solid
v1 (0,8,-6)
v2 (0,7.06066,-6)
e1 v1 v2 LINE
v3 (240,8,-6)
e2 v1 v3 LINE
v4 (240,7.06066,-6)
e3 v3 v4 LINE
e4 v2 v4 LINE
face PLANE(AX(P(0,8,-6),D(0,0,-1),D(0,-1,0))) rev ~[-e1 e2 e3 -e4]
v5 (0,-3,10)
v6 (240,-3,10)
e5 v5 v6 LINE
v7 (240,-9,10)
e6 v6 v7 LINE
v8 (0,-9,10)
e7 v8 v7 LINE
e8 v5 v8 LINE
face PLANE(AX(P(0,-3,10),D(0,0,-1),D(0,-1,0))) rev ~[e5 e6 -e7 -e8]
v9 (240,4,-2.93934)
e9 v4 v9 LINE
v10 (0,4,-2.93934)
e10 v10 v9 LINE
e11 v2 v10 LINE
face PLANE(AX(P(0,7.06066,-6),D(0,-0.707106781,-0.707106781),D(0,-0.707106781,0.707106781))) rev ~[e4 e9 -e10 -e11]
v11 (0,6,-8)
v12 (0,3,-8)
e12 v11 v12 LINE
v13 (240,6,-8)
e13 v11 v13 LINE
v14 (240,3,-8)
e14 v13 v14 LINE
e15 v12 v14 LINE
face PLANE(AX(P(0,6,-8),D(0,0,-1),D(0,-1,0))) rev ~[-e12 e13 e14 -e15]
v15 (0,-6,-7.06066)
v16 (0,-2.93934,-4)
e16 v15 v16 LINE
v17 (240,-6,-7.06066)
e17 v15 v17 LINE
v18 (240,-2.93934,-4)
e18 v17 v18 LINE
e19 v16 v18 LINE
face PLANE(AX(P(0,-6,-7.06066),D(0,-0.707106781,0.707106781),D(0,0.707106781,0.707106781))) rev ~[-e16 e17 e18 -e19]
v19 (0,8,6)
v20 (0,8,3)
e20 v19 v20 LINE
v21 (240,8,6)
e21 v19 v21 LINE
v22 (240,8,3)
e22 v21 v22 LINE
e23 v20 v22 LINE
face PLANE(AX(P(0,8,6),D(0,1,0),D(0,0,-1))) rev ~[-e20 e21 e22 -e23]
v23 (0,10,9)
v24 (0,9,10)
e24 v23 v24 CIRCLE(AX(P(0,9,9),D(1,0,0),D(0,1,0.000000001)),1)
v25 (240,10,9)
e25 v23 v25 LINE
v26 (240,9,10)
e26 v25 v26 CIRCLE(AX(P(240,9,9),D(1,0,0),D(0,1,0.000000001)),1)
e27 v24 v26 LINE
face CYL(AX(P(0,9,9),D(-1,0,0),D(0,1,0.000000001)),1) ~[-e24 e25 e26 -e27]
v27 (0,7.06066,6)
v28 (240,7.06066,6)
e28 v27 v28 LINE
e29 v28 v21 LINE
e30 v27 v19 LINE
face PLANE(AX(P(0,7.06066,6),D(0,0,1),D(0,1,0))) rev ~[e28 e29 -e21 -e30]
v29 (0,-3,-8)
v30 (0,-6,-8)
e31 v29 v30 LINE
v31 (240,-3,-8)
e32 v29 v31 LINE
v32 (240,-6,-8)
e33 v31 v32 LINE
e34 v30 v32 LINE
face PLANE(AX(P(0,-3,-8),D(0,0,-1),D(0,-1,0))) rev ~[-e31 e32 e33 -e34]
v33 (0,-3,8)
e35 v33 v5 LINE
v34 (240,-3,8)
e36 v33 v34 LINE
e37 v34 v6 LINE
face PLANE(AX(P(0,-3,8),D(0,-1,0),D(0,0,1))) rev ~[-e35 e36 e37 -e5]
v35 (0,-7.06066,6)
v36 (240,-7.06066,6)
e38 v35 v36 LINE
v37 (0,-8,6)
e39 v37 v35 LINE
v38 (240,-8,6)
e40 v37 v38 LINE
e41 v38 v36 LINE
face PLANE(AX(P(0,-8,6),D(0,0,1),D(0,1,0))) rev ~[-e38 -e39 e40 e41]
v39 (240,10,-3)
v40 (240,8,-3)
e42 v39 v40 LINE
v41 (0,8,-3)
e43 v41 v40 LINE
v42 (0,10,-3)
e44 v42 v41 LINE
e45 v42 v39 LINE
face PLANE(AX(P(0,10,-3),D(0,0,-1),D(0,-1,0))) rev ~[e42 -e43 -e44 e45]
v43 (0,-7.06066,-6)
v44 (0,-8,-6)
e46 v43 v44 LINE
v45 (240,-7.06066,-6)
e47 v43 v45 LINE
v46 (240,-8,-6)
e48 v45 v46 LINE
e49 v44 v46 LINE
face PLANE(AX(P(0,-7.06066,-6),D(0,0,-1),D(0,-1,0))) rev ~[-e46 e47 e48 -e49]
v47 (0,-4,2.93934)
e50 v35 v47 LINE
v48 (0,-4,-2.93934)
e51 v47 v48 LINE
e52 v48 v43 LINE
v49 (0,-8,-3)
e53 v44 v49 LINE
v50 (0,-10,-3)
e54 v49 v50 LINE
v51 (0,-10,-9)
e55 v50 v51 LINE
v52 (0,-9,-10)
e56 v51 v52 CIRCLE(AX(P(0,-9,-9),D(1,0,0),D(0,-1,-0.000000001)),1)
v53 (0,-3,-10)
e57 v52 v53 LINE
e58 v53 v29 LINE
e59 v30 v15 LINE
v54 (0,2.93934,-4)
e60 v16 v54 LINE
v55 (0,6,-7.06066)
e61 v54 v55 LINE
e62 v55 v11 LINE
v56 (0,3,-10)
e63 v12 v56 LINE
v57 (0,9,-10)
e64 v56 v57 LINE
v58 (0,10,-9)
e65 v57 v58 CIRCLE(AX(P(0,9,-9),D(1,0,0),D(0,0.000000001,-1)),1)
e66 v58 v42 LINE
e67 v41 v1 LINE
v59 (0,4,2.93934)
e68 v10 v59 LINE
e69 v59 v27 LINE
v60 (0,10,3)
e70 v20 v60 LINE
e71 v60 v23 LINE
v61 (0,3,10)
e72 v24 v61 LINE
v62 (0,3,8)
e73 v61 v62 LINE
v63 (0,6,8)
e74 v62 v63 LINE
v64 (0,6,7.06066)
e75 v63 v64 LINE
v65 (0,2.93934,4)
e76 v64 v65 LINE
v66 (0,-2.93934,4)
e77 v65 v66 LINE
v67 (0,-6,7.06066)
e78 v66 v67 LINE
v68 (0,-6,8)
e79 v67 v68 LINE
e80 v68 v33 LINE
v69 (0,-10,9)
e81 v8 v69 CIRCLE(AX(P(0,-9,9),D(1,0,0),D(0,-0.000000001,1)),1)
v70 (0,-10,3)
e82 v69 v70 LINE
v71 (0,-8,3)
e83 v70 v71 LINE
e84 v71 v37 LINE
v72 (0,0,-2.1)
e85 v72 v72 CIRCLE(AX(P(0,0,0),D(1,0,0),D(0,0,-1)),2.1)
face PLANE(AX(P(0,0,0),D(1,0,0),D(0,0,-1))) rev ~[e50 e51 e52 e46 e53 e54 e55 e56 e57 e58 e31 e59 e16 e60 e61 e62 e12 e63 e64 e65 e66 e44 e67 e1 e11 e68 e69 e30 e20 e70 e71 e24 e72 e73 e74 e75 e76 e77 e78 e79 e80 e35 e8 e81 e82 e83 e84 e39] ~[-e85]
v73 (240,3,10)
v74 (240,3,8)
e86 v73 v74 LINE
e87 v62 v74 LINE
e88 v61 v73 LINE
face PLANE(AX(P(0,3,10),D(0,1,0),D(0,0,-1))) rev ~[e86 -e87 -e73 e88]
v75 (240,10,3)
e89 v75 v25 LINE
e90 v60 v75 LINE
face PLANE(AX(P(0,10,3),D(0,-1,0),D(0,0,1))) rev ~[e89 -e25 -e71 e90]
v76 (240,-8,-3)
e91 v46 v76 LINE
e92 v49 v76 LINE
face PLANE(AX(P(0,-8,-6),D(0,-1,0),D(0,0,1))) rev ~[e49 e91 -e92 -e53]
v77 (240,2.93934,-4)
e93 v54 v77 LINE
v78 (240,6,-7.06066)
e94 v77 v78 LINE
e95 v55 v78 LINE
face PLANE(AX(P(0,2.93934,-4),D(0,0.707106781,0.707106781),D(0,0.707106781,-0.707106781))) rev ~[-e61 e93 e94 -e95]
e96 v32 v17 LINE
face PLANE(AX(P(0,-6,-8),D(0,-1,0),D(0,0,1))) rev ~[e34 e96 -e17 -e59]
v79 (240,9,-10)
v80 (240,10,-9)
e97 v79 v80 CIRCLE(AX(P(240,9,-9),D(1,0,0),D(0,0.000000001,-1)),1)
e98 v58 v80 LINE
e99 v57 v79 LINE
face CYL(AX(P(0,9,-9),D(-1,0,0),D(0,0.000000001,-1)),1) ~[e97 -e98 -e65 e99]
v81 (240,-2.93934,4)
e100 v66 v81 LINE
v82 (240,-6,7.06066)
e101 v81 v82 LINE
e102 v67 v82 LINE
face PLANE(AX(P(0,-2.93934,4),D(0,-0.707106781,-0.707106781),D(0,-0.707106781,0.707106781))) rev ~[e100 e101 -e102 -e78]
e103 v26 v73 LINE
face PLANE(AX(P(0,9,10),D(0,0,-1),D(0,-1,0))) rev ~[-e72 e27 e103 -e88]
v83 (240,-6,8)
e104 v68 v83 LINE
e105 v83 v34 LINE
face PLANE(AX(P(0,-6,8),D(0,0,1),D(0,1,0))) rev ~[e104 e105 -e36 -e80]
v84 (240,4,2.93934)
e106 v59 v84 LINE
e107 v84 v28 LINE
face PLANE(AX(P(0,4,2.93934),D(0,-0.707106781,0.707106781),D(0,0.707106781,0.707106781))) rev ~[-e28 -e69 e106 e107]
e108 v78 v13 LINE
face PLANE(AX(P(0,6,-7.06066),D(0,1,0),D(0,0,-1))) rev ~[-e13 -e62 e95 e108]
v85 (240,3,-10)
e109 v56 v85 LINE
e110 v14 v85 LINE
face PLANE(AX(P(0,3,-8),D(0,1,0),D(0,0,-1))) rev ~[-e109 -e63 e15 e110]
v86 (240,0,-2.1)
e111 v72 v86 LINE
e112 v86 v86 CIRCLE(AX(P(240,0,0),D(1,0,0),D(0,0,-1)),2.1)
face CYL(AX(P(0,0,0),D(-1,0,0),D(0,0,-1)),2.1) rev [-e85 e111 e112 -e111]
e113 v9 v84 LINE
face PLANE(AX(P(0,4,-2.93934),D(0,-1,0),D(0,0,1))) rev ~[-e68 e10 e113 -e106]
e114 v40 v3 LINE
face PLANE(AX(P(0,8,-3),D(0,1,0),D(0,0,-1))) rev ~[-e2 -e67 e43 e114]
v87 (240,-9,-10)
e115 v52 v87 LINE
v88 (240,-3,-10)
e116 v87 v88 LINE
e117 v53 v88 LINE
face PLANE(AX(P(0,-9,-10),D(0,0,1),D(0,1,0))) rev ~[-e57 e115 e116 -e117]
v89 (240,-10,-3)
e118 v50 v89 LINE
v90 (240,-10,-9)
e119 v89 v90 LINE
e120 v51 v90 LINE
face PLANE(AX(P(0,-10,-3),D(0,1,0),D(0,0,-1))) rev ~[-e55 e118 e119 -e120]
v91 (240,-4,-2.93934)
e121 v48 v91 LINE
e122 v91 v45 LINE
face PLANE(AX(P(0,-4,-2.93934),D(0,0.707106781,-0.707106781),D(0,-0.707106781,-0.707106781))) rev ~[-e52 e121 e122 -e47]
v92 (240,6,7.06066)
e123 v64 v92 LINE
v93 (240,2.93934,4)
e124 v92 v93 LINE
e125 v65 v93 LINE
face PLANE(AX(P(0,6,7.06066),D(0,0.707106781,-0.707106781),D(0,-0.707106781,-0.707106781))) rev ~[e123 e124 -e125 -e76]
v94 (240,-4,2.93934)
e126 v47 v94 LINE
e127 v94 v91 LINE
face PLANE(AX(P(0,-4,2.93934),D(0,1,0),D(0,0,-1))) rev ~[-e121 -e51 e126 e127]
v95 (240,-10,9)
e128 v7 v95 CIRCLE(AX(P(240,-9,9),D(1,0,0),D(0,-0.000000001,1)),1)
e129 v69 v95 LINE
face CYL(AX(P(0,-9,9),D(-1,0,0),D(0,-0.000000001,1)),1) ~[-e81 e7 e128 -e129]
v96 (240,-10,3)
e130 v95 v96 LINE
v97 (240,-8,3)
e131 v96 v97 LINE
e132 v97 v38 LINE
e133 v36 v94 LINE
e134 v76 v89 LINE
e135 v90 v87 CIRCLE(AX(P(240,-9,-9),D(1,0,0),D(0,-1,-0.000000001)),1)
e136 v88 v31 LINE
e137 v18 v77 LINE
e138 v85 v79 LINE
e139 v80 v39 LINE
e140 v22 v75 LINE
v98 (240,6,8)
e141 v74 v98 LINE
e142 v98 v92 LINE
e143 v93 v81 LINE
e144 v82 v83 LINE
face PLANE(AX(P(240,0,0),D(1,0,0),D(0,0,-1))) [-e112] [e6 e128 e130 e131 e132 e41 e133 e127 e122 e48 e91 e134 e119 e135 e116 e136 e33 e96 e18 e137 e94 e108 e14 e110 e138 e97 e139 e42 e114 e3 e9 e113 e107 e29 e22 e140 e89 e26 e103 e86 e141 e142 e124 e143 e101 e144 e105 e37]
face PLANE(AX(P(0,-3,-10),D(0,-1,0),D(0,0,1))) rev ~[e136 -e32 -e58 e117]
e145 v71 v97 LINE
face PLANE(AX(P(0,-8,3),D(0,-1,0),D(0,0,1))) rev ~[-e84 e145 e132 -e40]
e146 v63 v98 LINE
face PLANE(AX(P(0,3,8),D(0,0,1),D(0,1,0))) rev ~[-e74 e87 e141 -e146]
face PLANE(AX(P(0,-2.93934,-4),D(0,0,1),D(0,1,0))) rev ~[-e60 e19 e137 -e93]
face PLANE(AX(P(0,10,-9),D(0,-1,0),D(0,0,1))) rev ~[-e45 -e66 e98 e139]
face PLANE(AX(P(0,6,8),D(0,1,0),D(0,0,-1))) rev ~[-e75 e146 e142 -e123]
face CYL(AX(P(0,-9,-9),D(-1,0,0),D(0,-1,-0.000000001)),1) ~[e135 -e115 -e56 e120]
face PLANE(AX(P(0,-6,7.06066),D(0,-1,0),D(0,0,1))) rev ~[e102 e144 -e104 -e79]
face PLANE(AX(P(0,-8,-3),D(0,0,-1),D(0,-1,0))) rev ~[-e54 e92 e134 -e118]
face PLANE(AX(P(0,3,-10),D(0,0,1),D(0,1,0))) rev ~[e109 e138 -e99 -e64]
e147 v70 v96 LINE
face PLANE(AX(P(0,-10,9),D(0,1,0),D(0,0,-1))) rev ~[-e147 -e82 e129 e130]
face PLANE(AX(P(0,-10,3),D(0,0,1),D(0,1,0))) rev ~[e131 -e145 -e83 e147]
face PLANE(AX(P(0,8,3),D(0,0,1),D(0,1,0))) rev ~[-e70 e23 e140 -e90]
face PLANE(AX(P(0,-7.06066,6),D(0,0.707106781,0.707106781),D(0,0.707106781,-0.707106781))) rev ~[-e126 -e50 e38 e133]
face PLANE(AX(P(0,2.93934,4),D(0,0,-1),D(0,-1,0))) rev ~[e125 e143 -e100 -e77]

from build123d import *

# Parameters (mm, degrees)
SKETCH1_R           = 2.1
BOSS_EXTRUDE1_DEPTH = 240


with BuildPart() as part:
    # Sketch1 → Boss-Extrude1 (new body)
    with BuildSketch(Plane(origin=(0, 0, 0), x_dir=(0, 0, -1), z_dir=(1, 0, 0))):
        with BuildLine():
            Line((-10, 9), (-10, 3))
            Line((-10, 3), (-8, 3))
            Line((-8, 3), (-8, 6))
            Line((-8, 6), (-7.060660172, 6))
            Line((-7.060660172, 6), (-4, 2.939339828))
            Line((-4, 2.939339828), (-4, -2.939339828))
            Line((-4, -2.939339828), (-7.060660172, -6))
            Line((-7.060660172, -6), (-8, -6))
            Line((-8, -6), (-8, -3))
            Line((-8, -3), (-10, -3))
            Line((-10, -3), (-10, -9))
            ThreePointArc((-10, -9), (-9.707106781, -9.707106781), (-9, -10))
            Line((-9, -10), (-3, -10))
            Line((-3, -10), (-3, -8))
            Line((-3, -8), (-6, -8))
            Line((-6, -8), (-6, -7.060660172))
            Line((-6, -7.060660172), (-2.939339828, -4))
            Line((-2.939339828, -4), (2.939339828, -4))
            Line((2.939339828, -4), (6, -7.060660172))
            Line((6, -7.060660172), (6, -8))
            Line((6, -8), (3, -8))
            Line((3, -8), (3, -10))
            Line((3, -10), (9, -10))
            ThreePointArc((9, -10), (9.707106781, -9.707106781), (10, -9))
            Line((10, -9), (10, -3))
            Line((10, -3), (8, -3))
            Line((8, -3), (8, -6))
            Line((8, -6), (7.060660172, -6))
            Line((7.060660172, -6), (4, -2.939339828))
            Line((4, -2.939339828), (4, 2.939339828))
            Line((4, 2.939339828), (7.060660172, 6))
            Line((7.060660172, 6), (8, 6))
            Line((8, 6), (8, 3))
            Line((8, 3), (10, 3))
            Line((10, 3), (10, 9))
            ThreePointArc((10, 9), (9.707106781, 9.707106781), (9, 10))
            Line((9, 10), (3, 10))
            Line((3, 10), (3, 8))
            Line((3, 8), (6, 8))
            Line((6, 8), (6, 7.060660172))
            Line((6, 7.060660172), (2.939339828, 4))
            Line((2.939339828, 4), (-2.939339828, 4))
            Line((-2.939339828, 4), (-6, 7.060660172))
            Line((-6, 7.060660172), (-6, 8))
            Line((-6, 8), (-3, 8))
            Line((-3, 8), (-3, 10))
            Line((-3, 10), (-9, 10))
            ThreePointArc((-9, 10), (-9.707106781, 9.707106781), (-10, 9))
        make_face()
        Circle(SKETCH1_R, mode=Mode.SUBTRACT)
    extrude(amount=BOSS_EXTRUDE1_DEPTH)


solid = part.part
